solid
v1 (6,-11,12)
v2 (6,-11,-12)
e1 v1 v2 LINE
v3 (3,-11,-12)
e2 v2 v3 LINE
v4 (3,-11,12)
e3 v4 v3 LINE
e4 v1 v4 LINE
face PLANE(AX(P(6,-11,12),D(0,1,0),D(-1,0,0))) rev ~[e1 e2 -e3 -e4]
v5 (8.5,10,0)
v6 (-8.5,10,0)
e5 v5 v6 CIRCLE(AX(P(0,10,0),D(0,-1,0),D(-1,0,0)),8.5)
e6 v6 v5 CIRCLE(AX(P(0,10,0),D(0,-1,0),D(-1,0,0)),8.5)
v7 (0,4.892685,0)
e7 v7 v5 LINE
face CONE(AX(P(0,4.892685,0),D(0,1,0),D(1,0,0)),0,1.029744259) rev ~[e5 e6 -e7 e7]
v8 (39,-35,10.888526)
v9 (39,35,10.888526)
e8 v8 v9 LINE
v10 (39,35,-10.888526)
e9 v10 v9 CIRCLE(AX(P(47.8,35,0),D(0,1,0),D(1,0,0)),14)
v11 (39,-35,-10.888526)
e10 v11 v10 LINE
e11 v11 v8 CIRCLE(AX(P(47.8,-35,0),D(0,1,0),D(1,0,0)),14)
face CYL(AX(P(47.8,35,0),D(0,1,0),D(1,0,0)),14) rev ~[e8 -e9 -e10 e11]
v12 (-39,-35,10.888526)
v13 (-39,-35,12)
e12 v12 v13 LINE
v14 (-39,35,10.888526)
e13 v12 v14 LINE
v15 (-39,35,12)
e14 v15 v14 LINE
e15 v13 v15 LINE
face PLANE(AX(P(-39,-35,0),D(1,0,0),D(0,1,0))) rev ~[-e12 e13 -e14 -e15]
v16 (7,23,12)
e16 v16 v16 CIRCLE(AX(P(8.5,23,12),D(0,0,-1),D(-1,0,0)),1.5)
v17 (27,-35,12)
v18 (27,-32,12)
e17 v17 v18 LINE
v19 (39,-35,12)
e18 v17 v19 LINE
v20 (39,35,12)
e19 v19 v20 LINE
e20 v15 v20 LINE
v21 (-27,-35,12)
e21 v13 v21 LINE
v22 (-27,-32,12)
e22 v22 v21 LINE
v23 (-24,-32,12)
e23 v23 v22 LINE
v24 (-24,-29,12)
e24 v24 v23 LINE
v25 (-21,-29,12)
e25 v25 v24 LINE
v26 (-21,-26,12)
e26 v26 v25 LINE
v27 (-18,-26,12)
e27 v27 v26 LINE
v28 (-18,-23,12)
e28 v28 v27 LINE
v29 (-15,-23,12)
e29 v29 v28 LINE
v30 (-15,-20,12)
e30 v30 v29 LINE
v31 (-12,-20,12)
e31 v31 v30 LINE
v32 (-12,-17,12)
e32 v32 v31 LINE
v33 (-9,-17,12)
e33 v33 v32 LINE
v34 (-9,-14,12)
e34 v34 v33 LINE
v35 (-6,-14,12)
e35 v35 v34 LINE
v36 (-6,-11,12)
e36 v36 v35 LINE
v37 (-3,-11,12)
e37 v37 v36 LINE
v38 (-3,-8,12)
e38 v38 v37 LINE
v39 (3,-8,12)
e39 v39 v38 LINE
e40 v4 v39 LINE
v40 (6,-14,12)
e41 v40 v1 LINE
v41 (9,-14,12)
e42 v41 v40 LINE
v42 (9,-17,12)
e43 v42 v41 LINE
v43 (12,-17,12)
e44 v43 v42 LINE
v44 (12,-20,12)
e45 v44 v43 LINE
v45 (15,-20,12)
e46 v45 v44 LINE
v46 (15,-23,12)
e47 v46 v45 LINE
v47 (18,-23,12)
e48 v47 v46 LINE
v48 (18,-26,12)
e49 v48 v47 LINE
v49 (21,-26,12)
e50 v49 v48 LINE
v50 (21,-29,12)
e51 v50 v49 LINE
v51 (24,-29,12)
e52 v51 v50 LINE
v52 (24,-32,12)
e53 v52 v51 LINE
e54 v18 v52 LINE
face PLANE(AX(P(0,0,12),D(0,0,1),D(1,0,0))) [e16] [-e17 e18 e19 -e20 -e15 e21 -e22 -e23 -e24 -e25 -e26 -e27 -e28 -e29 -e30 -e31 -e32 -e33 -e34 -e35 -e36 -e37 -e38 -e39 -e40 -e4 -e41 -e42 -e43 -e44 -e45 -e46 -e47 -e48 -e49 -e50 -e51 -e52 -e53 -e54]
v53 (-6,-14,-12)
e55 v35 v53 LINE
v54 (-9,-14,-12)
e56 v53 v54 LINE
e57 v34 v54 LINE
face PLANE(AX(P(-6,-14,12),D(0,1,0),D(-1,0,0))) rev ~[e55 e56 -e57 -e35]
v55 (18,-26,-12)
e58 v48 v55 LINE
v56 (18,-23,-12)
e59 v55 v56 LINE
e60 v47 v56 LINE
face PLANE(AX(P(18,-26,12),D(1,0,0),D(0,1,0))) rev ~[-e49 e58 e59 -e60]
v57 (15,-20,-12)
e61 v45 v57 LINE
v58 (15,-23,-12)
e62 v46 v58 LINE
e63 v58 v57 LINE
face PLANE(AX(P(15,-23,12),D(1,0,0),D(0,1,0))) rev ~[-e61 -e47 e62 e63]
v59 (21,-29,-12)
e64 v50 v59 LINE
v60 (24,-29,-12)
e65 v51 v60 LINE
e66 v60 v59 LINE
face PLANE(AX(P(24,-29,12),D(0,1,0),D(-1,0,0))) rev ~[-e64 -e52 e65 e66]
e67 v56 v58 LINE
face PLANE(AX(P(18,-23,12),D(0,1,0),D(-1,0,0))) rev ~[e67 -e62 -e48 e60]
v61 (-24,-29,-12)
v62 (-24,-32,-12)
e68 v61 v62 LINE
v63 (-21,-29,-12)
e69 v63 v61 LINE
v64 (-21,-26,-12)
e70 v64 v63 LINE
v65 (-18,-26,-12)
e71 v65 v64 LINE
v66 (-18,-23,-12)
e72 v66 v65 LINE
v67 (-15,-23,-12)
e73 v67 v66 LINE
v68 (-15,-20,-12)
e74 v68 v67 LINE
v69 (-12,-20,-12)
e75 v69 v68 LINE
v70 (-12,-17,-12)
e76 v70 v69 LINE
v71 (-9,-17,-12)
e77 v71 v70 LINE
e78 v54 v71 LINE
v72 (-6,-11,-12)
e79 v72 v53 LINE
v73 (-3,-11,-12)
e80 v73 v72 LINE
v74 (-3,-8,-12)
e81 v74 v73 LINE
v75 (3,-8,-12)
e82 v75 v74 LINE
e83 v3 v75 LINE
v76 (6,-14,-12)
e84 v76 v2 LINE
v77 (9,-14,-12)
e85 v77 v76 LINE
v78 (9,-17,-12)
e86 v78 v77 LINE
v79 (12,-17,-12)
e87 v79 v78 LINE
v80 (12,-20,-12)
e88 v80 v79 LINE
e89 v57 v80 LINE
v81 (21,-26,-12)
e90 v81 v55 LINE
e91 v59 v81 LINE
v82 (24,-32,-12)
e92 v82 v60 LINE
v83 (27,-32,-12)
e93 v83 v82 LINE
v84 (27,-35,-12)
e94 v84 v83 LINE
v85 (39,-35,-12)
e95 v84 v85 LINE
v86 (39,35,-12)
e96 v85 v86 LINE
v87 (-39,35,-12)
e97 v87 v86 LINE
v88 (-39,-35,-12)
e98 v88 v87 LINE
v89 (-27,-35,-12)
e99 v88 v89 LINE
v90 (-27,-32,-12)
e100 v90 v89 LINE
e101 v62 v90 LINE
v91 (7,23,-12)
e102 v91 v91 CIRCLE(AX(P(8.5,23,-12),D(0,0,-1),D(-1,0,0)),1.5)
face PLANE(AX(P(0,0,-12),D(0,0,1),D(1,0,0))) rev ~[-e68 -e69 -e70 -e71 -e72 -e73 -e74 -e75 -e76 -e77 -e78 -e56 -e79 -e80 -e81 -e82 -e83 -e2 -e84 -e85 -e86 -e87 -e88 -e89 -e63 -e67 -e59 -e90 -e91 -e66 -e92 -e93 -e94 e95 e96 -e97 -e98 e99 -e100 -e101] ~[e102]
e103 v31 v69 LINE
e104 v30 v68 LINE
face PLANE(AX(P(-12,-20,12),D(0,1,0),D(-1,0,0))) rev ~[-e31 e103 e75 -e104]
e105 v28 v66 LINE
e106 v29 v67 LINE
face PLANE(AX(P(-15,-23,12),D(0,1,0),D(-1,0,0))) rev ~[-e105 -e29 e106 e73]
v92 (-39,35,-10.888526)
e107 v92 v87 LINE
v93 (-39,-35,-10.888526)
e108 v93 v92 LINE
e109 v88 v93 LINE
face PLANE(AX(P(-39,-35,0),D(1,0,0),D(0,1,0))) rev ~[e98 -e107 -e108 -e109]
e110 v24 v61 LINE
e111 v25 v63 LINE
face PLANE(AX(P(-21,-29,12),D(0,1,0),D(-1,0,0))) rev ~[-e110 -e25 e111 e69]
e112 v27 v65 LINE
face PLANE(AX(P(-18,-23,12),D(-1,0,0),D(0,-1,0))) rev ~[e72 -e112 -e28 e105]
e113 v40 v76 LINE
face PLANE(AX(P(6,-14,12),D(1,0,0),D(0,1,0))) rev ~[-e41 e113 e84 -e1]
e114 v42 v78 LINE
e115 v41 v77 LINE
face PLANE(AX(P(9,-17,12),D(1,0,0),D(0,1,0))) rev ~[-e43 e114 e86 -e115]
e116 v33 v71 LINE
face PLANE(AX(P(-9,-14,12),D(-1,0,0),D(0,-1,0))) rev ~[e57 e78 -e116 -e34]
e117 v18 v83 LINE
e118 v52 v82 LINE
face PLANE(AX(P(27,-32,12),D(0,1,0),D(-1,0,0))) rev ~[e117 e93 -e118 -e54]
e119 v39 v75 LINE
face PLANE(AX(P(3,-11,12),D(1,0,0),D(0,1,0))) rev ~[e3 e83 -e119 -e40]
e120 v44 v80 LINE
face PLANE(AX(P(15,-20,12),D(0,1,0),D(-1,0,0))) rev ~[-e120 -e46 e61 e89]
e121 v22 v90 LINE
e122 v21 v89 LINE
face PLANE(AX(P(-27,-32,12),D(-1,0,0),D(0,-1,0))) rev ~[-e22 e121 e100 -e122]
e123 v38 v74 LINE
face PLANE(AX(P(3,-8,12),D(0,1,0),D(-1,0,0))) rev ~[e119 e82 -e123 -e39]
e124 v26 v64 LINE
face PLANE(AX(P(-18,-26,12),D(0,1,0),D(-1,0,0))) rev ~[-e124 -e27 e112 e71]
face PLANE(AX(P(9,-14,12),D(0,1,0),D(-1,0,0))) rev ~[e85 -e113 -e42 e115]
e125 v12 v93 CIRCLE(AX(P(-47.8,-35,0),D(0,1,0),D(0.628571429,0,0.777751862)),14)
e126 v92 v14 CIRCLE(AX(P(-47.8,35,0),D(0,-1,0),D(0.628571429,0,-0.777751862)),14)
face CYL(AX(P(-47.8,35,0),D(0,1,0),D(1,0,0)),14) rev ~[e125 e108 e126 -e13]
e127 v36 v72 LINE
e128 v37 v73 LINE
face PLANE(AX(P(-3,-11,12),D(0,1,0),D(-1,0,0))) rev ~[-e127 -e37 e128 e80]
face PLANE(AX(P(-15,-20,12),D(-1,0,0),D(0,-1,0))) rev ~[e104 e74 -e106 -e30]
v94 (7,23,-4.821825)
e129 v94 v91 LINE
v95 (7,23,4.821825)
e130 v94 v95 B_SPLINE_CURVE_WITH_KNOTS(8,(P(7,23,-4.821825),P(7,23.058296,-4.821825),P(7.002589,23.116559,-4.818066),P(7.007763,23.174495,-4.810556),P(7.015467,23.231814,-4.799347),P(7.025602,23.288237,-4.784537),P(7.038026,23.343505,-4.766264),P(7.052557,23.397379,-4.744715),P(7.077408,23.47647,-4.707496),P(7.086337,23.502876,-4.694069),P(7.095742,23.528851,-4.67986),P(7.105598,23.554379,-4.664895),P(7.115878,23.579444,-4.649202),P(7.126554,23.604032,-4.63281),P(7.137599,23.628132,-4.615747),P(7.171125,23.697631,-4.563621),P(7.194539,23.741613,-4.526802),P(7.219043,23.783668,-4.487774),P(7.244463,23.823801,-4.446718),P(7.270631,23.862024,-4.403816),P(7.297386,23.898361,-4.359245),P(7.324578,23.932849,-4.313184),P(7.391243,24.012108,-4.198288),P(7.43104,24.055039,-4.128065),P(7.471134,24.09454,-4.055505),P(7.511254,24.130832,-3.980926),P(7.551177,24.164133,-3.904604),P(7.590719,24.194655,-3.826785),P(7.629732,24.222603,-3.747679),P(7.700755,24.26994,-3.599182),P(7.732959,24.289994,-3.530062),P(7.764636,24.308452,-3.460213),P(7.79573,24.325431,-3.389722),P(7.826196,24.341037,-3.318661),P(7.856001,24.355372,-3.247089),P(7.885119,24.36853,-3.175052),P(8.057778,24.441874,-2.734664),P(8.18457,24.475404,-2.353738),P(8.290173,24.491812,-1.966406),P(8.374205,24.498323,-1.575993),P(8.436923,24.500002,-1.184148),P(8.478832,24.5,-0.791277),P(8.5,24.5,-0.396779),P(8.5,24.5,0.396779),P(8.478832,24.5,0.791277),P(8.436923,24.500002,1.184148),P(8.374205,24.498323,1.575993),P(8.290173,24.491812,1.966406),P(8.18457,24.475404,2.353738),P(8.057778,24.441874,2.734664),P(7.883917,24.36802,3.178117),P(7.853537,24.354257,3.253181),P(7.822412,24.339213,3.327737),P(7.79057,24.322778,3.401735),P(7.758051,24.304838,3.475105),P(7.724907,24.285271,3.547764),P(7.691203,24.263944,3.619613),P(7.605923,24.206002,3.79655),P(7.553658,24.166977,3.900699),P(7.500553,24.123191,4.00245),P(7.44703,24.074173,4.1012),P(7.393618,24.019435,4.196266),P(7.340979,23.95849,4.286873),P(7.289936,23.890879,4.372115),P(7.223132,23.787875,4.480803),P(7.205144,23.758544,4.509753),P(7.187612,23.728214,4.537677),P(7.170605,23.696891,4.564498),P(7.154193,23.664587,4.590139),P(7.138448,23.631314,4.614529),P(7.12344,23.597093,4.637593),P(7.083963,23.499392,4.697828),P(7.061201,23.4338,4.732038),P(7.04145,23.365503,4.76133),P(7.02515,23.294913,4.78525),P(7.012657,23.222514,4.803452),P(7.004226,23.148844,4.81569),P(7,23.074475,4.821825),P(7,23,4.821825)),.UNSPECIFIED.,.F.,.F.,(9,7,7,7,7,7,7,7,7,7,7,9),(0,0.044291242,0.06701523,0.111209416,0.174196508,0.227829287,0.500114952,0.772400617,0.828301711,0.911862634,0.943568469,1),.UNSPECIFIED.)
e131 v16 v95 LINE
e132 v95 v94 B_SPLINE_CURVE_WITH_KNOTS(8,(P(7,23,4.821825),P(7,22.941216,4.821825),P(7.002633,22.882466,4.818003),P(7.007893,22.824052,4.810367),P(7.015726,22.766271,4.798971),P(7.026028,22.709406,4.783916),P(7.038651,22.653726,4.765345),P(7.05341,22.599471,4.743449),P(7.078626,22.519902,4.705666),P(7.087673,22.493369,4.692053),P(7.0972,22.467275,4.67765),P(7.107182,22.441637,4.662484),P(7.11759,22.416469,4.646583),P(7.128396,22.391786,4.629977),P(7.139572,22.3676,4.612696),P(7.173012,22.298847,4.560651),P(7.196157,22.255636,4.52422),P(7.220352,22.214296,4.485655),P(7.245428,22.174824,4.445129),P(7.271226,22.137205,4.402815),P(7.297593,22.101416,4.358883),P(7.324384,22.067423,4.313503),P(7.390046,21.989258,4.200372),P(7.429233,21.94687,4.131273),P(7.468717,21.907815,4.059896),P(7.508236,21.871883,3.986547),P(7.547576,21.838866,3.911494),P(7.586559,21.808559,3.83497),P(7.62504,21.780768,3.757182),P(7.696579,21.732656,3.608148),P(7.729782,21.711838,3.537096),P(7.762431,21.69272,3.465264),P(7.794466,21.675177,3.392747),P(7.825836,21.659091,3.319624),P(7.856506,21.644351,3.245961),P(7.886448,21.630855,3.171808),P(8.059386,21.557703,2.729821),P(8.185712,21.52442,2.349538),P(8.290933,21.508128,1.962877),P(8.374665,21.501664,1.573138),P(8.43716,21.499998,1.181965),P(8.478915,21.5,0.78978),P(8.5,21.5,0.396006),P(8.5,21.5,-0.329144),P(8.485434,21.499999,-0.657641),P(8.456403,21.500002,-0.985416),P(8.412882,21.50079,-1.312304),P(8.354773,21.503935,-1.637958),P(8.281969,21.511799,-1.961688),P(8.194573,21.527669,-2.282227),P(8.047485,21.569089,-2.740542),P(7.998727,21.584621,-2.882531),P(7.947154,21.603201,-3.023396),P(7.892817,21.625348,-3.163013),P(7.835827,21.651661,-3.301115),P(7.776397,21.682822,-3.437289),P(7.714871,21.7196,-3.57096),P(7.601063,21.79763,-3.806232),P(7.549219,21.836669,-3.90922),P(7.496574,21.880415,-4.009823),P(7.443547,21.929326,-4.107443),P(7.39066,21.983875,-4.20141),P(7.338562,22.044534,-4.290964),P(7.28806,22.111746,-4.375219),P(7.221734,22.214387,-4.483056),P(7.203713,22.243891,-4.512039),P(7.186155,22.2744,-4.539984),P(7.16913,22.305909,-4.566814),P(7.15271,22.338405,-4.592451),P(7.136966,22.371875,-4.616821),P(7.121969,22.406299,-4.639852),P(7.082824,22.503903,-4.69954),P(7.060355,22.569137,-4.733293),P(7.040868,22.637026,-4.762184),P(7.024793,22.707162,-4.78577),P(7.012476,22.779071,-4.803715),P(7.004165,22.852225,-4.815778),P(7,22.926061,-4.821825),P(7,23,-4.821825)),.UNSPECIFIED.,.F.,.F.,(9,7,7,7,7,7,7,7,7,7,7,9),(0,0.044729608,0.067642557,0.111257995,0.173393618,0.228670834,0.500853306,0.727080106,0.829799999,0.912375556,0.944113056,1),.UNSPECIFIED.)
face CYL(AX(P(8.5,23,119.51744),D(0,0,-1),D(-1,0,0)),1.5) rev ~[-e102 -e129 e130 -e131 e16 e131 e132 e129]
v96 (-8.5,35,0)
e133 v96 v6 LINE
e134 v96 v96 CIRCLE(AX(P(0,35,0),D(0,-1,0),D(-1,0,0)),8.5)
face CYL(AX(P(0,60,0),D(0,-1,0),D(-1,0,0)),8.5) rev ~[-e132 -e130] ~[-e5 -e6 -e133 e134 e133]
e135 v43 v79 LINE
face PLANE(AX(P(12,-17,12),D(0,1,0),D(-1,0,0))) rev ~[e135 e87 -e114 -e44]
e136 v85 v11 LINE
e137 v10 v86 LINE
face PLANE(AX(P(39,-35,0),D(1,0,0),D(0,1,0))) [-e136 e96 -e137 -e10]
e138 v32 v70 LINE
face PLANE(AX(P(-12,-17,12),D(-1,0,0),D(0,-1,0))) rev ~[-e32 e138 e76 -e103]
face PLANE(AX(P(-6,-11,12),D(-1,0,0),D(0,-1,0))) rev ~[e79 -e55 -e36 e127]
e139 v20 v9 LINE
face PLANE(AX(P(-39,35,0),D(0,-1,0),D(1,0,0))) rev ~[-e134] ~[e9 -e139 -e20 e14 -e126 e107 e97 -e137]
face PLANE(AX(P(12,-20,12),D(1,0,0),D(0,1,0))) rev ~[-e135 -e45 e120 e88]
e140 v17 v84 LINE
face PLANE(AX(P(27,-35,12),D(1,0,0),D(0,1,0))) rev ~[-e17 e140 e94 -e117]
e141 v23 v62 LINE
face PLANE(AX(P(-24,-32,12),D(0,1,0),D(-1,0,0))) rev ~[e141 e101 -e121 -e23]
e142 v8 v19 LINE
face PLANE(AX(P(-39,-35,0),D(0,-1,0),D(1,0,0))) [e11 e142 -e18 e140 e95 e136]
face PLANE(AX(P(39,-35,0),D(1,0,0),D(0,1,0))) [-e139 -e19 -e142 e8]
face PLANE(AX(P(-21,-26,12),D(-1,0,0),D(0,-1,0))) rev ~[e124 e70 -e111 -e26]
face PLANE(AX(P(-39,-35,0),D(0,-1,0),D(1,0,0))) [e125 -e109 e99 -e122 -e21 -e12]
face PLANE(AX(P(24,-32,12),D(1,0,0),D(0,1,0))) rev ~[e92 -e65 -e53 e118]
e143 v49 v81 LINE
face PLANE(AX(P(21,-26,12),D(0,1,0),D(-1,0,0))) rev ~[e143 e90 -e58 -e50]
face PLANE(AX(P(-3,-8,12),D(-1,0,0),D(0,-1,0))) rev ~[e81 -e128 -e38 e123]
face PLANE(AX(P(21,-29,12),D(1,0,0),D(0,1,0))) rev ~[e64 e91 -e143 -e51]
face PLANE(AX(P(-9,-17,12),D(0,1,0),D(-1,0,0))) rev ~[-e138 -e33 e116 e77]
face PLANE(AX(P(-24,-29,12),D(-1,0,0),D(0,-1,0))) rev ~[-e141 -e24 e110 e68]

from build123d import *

# Parameters (mm, degrees)
SKETCH1_W                      = 78
SKETCH1_H                      = 70
BOSS_EXTRUDE1_DEPTH            = 12
F_17_0_17_DIAMETER_HOLE1_D     = 17
F_17_0_17_DIAMETER_HOLE1_DEPTH = 25
F_17_0_17_DIAMETER_HOLE1_TIP   = 5.107315262
F_3_0_3_DIAMETER_HOLE1_D       = 3
CUT_EXTRUDE1_REACH             = 83.025
SKETCH8_R                      = 14
CUT_EXTRUDE2_DEPTH             = 58.636793906


with BuildPart() as part:
    # Sketch1 → Boss-Extrude1 (new, symmetric)
    with BuildSketch(Plane.XY):
        Rectangle(SKETCH1_W, SKETCH1_H)
    extrude(amount=BOSS_EXTRUDE1_DEPTH, both=True)

    # Ø17.0 (17) Diameter Hole1
    with Locations(Plane(origin=(0, 35, 0), x_dir=(1, 0, 0), z_dir=(0, 1, 0))):
        with Locations((0, 0)):
            Hole(F_17_0_17_DIAMETER_HOLE1_D / 2, depth=F_17_0_17_DIAMETER_HOLE1_DEPTH)
            with Locations((0, 0, -(F_17_0_17_DIAMETER_HOLE1_DEPTH + F_17_0_17_DIAMETER_HOLE1_TIP / 2))):  # 118° drill point
                Cone(0, F_17_0_17_DIAMETER_HOLE1_D / 2, F_17_0_17_DIAMETER_HOLE1_TIP, mode=Mode.SUBTRACT)

    # Ø3.0 (3) Diameter Hole1 (through all)
    with Locations(Plane.XY.offset(12)):
        with Locations((8.5, 23)):
            Hole(F_3_0_3_DIAMETER_HOLE1_D / 2)

    # Sketch8 → Cut-Extrude1 (cut, up to next)
    with BuildSketch(Plane(origin=(0, 35, 0), x_dir=(1, 0, 0), z_dir=(0, 1, 0)), mode=Mode.PRIVATE) as cut_extrude1_sk1:
        with Locations((-47.8, 0)):
            Circle(SKETCH8_R)
    cut_extrude1_tool1 = extrude(cut_extrude1_sk1.sketch, amount=-CUT_EXTRUDE1_REACH, mode=Mode.PRIVATE) & part.part
    # Sketch8 → Cut-Extrude1 (cut, up to next)
    with BuildSketch(Plane(origin=(0, 35, 0), x_dir=(1, 0, 0), z_dir=(0, 1, 0)), mode=Mode.PRIVATE) as cut_extrude1_sk2:
        with Locations((47.8, 0)):
            Circle(SKETCH8_R)
    cut_extrude1_tool2 = extrude(cut_extrude1_sk2.sketch, amount=-CUT_EXTRUDE1_REACH, mode=Mode.PRIVATE) & part.part
    add(cut_extrude1_tool1.solids().sort_by_distance((-47.8, 35, 0))[0], mode=Mode.SUBTRACT)
    add(cut_extrude1_tool2.solids().sort_by_distance((47.8, 35, 0))[0], mode=Mode.SUBTRACT)

    # Sketch9 → Cut-Extrude2 (cut, through all)
    with BuildSketch(Plane.XY.offset(12)):
        Polygon((-27, -35), (27, -35), (27, -32), (24, -32), (24, -29), (21, -29), (21, -26), (18, -26), (18, -23), (15, -23), (15, -20), (12, -20), (12, -17), (9, -17), (9, -14), (6, -14), (6, -11), (3, -11), (3, -8), (0, -8), (-3, -8), (-3, -11), (-6, -11), (-6, -14), (-9, -14), (-9, -17), (-12, -17), (-12, -20), (-15, -20), (-15, -23), (-18, -23), (-18, -26), (-21, -26), (-21, -29), (-24, -29), (-24, -32), (-27, -32), align=None)
    extrude(amount=-CUT_EXTRUDE2_DEPTH, mode=Mode.SUBTRACT)


solid = part.part
